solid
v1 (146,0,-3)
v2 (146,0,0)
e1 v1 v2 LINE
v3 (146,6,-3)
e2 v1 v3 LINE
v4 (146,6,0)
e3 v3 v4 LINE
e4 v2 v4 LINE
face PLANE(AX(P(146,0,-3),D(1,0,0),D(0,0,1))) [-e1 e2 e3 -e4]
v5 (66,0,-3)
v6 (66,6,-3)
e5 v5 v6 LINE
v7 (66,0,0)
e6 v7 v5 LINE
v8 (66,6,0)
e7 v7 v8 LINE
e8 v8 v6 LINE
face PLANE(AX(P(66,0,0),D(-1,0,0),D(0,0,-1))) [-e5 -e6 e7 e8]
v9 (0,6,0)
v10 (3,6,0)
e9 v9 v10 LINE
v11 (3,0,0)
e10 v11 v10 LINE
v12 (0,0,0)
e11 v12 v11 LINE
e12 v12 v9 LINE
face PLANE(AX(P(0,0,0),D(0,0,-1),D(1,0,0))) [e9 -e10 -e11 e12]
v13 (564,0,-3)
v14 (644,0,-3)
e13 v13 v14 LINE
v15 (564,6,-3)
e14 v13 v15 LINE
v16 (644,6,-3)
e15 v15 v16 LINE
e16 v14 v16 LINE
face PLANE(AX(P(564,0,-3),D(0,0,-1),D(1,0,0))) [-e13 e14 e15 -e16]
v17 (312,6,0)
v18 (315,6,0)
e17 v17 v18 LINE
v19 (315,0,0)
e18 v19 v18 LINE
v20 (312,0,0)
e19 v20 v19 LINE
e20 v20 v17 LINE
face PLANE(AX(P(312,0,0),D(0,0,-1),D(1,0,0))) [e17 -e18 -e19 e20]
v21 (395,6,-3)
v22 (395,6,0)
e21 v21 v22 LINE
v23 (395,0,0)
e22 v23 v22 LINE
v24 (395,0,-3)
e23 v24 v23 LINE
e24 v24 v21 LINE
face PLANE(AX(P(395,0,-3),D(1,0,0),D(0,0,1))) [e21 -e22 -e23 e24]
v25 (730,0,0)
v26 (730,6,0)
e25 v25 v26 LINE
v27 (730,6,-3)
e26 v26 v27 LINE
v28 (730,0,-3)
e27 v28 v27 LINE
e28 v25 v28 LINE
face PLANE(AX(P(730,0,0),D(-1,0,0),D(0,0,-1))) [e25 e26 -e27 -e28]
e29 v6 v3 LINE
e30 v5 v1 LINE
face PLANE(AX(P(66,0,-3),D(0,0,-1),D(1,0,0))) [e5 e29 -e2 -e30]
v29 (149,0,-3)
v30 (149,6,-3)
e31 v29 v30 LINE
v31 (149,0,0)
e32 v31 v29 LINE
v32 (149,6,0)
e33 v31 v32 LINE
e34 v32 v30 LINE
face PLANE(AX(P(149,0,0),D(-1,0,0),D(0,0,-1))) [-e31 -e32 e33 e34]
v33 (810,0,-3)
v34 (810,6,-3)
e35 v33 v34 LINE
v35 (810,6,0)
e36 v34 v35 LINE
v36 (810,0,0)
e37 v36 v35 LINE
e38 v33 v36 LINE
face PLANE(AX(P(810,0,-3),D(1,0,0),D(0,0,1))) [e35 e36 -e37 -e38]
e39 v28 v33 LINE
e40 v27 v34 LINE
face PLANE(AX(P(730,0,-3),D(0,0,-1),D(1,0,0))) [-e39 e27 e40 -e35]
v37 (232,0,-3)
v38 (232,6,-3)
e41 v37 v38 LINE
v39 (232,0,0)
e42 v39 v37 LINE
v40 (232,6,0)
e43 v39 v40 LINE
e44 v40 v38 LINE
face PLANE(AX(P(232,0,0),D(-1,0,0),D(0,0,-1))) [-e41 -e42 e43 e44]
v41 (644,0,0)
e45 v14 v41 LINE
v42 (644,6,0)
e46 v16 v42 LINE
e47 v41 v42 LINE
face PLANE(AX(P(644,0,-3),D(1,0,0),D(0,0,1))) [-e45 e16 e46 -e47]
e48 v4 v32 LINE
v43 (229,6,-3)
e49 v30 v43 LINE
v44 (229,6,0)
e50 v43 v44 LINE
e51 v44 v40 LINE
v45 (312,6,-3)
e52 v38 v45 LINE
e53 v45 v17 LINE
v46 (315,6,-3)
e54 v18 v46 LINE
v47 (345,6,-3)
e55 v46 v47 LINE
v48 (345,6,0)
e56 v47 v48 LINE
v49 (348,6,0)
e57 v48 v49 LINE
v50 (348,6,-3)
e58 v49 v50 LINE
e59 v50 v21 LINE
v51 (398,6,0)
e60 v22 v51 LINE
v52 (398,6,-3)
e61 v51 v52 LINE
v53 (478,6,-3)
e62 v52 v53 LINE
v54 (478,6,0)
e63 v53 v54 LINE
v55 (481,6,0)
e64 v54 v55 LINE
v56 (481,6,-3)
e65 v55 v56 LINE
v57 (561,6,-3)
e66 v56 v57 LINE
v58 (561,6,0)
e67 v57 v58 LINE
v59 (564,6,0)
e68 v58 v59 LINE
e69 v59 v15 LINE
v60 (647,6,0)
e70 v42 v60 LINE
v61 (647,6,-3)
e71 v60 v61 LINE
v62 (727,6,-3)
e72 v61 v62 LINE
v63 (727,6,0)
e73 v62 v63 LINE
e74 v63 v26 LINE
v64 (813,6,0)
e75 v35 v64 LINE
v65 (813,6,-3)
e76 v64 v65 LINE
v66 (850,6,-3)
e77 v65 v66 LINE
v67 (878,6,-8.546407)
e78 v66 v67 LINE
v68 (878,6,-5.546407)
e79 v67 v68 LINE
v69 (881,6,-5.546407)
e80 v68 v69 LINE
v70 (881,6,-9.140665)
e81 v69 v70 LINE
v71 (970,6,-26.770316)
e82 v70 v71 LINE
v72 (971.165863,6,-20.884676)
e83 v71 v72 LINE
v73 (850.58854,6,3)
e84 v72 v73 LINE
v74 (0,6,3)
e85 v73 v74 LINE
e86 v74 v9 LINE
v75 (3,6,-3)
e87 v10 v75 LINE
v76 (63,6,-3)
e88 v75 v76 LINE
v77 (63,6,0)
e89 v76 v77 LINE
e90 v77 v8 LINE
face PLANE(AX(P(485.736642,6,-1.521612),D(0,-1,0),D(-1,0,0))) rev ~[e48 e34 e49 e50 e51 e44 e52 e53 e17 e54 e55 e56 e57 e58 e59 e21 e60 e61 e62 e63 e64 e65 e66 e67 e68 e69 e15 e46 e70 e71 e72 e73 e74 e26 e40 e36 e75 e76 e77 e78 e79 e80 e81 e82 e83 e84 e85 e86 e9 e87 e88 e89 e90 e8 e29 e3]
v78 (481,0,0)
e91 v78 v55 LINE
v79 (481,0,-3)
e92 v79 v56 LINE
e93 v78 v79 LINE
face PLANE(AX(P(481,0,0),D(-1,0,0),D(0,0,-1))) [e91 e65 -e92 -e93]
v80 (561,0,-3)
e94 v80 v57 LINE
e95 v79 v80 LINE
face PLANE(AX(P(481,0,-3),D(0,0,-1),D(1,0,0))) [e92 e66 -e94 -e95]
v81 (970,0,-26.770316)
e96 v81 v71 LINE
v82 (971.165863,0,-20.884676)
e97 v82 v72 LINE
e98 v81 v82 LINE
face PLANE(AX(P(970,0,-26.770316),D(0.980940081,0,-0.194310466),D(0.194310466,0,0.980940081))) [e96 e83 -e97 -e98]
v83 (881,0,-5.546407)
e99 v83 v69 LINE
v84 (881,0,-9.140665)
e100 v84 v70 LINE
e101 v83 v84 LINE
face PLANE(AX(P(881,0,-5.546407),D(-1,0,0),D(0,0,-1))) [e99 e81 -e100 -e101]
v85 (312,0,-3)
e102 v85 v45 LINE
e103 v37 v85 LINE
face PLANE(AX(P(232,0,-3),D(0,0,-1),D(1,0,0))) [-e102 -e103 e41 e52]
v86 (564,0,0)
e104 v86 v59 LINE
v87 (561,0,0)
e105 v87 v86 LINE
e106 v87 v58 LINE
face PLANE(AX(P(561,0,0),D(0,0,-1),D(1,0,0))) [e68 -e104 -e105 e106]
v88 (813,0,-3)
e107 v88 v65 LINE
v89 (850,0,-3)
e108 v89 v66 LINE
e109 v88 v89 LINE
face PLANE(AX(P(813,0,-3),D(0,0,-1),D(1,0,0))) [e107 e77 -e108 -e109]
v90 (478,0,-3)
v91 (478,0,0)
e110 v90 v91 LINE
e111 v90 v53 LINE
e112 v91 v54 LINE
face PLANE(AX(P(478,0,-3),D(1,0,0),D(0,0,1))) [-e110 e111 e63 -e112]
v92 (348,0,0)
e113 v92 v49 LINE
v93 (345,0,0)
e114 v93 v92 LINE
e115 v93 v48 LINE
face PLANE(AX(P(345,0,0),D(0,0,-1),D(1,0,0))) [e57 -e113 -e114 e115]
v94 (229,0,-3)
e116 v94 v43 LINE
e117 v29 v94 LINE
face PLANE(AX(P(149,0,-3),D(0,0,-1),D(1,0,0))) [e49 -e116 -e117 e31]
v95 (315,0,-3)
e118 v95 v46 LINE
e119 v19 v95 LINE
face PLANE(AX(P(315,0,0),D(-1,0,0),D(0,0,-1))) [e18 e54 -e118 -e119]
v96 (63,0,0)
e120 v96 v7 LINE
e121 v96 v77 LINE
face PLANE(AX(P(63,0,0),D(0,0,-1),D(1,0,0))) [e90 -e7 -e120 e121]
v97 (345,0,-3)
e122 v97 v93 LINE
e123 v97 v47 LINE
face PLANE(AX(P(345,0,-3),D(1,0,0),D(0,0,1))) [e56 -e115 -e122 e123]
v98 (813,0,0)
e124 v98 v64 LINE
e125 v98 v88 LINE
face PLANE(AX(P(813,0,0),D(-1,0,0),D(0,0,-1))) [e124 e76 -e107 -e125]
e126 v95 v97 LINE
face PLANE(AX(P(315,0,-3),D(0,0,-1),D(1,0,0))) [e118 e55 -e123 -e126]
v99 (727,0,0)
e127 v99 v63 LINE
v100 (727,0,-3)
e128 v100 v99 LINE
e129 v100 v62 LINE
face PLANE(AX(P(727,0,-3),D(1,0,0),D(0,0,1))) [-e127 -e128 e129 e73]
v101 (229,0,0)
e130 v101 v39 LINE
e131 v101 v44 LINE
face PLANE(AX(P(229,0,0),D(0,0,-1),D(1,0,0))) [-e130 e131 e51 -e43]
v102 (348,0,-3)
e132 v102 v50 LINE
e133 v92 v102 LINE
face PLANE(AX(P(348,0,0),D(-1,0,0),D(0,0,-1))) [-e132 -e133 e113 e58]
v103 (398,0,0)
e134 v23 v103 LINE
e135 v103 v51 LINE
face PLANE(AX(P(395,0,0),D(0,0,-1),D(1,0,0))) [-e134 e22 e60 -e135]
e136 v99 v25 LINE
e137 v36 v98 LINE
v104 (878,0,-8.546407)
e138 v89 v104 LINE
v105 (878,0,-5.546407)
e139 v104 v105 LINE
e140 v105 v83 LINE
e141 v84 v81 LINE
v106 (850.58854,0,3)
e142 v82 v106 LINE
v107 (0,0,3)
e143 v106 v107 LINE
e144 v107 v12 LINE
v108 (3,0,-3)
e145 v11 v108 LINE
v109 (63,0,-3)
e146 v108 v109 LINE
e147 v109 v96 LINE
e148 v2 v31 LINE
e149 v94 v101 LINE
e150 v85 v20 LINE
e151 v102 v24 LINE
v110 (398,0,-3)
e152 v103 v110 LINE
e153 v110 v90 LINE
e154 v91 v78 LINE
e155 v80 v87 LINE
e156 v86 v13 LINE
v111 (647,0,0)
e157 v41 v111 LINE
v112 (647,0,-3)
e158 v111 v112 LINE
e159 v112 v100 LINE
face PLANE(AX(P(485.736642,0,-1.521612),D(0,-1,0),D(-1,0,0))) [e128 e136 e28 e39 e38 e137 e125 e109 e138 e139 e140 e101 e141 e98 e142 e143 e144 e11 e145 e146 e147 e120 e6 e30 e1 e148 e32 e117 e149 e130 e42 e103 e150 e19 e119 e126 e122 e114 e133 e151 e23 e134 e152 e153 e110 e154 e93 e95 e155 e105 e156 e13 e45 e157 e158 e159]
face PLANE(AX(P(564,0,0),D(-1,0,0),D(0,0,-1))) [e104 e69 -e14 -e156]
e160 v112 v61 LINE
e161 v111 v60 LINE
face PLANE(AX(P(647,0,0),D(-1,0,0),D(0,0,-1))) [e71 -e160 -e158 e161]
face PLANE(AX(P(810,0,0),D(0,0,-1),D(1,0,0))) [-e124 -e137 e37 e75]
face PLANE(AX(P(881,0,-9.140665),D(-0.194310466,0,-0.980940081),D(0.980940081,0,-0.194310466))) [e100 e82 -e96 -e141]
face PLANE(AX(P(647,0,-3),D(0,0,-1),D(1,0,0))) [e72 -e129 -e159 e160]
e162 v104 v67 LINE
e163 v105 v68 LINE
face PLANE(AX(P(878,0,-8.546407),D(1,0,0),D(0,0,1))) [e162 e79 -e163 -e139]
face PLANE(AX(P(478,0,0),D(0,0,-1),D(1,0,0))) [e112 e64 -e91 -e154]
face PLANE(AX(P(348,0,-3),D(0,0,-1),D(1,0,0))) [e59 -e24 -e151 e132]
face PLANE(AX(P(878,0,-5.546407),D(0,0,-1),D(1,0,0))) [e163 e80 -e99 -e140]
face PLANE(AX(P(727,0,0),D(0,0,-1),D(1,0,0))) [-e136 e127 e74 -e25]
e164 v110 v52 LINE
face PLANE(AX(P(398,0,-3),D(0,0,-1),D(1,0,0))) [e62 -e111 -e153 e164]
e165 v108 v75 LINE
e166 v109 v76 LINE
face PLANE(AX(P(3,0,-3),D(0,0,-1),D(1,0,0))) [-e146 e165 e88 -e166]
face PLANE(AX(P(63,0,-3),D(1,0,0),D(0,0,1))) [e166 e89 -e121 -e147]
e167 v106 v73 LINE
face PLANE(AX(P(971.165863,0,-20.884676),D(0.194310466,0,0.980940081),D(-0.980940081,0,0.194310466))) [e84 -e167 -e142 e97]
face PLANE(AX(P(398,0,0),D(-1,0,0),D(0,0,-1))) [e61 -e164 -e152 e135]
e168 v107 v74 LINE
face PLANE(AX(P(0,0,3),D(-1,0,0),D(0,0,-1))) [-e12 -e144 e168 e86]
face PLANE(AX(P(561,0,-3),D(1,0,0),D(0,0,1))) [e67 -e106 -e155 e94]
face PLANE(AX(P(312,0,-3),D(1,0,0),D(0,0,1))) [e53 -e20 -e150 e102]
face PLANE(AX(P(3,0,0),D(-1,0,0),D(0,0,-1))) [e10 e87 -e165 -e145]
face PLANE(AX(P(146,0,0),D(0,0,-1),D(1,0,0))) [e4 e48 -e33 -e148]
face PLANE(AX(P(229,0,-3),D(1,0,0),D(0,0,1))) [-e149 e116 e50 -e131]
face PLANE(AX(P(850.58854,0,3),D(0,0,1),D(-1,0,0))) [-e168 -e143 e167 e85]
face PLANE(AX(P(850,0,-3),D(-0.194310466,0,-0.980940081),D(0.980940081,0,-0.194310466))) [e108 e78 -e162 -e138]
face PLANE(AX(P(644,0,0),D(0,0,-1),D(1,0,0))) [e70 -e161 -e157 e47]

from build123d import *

# Parameters (mm, degrees)
BOSS_EXTRUDE1_DEPTH = 6


with BuildPart() as part:
    # Sketch1 → Boss-Extrude1 (new body)
    with BuildSketch(Plane(origin=(0, 0, 0), x_dir=(1, 0, 0), z_dir=(0, 1, 0))):
        Polygon((0, 0), (3, 0), (3, 3), (63, 3), (63, 0), (66, 0), (66, 3), (146, 3), (146, 0), (149, 0), (149, 3), (229, 3), (229, 0), (232, 0), (232, 3), (312, 3), (312, 0), (315, 0), (315, 3), (345, 3), (345, 0), (348, 0), (348, 3), (395, 3), (395, 0), (398, 0), (398, 3), (478, 3), (478, 0), (481, 0), (481, 3), (561, 3), (561, 0), (564, 0), (564, 3), (644, 3), (644, 0), (647, 0), (647, 3), (727, 3), (727, 0), (730, 0), (730, 3), (810, 3), (810, 0), (813, 0), (813, 3), (850, 3), (878, 8.546407108), (878, 5.546407108), (881, 5.546407108), (881, 9.140665012), (970, 26.770316177), (971.165862794, 20.88467569), (850.588540161, -3), (0, -3), align=None)
    extrude(amount=BOSS_EXTRUDE1_DEPTH)


solid = part.part
